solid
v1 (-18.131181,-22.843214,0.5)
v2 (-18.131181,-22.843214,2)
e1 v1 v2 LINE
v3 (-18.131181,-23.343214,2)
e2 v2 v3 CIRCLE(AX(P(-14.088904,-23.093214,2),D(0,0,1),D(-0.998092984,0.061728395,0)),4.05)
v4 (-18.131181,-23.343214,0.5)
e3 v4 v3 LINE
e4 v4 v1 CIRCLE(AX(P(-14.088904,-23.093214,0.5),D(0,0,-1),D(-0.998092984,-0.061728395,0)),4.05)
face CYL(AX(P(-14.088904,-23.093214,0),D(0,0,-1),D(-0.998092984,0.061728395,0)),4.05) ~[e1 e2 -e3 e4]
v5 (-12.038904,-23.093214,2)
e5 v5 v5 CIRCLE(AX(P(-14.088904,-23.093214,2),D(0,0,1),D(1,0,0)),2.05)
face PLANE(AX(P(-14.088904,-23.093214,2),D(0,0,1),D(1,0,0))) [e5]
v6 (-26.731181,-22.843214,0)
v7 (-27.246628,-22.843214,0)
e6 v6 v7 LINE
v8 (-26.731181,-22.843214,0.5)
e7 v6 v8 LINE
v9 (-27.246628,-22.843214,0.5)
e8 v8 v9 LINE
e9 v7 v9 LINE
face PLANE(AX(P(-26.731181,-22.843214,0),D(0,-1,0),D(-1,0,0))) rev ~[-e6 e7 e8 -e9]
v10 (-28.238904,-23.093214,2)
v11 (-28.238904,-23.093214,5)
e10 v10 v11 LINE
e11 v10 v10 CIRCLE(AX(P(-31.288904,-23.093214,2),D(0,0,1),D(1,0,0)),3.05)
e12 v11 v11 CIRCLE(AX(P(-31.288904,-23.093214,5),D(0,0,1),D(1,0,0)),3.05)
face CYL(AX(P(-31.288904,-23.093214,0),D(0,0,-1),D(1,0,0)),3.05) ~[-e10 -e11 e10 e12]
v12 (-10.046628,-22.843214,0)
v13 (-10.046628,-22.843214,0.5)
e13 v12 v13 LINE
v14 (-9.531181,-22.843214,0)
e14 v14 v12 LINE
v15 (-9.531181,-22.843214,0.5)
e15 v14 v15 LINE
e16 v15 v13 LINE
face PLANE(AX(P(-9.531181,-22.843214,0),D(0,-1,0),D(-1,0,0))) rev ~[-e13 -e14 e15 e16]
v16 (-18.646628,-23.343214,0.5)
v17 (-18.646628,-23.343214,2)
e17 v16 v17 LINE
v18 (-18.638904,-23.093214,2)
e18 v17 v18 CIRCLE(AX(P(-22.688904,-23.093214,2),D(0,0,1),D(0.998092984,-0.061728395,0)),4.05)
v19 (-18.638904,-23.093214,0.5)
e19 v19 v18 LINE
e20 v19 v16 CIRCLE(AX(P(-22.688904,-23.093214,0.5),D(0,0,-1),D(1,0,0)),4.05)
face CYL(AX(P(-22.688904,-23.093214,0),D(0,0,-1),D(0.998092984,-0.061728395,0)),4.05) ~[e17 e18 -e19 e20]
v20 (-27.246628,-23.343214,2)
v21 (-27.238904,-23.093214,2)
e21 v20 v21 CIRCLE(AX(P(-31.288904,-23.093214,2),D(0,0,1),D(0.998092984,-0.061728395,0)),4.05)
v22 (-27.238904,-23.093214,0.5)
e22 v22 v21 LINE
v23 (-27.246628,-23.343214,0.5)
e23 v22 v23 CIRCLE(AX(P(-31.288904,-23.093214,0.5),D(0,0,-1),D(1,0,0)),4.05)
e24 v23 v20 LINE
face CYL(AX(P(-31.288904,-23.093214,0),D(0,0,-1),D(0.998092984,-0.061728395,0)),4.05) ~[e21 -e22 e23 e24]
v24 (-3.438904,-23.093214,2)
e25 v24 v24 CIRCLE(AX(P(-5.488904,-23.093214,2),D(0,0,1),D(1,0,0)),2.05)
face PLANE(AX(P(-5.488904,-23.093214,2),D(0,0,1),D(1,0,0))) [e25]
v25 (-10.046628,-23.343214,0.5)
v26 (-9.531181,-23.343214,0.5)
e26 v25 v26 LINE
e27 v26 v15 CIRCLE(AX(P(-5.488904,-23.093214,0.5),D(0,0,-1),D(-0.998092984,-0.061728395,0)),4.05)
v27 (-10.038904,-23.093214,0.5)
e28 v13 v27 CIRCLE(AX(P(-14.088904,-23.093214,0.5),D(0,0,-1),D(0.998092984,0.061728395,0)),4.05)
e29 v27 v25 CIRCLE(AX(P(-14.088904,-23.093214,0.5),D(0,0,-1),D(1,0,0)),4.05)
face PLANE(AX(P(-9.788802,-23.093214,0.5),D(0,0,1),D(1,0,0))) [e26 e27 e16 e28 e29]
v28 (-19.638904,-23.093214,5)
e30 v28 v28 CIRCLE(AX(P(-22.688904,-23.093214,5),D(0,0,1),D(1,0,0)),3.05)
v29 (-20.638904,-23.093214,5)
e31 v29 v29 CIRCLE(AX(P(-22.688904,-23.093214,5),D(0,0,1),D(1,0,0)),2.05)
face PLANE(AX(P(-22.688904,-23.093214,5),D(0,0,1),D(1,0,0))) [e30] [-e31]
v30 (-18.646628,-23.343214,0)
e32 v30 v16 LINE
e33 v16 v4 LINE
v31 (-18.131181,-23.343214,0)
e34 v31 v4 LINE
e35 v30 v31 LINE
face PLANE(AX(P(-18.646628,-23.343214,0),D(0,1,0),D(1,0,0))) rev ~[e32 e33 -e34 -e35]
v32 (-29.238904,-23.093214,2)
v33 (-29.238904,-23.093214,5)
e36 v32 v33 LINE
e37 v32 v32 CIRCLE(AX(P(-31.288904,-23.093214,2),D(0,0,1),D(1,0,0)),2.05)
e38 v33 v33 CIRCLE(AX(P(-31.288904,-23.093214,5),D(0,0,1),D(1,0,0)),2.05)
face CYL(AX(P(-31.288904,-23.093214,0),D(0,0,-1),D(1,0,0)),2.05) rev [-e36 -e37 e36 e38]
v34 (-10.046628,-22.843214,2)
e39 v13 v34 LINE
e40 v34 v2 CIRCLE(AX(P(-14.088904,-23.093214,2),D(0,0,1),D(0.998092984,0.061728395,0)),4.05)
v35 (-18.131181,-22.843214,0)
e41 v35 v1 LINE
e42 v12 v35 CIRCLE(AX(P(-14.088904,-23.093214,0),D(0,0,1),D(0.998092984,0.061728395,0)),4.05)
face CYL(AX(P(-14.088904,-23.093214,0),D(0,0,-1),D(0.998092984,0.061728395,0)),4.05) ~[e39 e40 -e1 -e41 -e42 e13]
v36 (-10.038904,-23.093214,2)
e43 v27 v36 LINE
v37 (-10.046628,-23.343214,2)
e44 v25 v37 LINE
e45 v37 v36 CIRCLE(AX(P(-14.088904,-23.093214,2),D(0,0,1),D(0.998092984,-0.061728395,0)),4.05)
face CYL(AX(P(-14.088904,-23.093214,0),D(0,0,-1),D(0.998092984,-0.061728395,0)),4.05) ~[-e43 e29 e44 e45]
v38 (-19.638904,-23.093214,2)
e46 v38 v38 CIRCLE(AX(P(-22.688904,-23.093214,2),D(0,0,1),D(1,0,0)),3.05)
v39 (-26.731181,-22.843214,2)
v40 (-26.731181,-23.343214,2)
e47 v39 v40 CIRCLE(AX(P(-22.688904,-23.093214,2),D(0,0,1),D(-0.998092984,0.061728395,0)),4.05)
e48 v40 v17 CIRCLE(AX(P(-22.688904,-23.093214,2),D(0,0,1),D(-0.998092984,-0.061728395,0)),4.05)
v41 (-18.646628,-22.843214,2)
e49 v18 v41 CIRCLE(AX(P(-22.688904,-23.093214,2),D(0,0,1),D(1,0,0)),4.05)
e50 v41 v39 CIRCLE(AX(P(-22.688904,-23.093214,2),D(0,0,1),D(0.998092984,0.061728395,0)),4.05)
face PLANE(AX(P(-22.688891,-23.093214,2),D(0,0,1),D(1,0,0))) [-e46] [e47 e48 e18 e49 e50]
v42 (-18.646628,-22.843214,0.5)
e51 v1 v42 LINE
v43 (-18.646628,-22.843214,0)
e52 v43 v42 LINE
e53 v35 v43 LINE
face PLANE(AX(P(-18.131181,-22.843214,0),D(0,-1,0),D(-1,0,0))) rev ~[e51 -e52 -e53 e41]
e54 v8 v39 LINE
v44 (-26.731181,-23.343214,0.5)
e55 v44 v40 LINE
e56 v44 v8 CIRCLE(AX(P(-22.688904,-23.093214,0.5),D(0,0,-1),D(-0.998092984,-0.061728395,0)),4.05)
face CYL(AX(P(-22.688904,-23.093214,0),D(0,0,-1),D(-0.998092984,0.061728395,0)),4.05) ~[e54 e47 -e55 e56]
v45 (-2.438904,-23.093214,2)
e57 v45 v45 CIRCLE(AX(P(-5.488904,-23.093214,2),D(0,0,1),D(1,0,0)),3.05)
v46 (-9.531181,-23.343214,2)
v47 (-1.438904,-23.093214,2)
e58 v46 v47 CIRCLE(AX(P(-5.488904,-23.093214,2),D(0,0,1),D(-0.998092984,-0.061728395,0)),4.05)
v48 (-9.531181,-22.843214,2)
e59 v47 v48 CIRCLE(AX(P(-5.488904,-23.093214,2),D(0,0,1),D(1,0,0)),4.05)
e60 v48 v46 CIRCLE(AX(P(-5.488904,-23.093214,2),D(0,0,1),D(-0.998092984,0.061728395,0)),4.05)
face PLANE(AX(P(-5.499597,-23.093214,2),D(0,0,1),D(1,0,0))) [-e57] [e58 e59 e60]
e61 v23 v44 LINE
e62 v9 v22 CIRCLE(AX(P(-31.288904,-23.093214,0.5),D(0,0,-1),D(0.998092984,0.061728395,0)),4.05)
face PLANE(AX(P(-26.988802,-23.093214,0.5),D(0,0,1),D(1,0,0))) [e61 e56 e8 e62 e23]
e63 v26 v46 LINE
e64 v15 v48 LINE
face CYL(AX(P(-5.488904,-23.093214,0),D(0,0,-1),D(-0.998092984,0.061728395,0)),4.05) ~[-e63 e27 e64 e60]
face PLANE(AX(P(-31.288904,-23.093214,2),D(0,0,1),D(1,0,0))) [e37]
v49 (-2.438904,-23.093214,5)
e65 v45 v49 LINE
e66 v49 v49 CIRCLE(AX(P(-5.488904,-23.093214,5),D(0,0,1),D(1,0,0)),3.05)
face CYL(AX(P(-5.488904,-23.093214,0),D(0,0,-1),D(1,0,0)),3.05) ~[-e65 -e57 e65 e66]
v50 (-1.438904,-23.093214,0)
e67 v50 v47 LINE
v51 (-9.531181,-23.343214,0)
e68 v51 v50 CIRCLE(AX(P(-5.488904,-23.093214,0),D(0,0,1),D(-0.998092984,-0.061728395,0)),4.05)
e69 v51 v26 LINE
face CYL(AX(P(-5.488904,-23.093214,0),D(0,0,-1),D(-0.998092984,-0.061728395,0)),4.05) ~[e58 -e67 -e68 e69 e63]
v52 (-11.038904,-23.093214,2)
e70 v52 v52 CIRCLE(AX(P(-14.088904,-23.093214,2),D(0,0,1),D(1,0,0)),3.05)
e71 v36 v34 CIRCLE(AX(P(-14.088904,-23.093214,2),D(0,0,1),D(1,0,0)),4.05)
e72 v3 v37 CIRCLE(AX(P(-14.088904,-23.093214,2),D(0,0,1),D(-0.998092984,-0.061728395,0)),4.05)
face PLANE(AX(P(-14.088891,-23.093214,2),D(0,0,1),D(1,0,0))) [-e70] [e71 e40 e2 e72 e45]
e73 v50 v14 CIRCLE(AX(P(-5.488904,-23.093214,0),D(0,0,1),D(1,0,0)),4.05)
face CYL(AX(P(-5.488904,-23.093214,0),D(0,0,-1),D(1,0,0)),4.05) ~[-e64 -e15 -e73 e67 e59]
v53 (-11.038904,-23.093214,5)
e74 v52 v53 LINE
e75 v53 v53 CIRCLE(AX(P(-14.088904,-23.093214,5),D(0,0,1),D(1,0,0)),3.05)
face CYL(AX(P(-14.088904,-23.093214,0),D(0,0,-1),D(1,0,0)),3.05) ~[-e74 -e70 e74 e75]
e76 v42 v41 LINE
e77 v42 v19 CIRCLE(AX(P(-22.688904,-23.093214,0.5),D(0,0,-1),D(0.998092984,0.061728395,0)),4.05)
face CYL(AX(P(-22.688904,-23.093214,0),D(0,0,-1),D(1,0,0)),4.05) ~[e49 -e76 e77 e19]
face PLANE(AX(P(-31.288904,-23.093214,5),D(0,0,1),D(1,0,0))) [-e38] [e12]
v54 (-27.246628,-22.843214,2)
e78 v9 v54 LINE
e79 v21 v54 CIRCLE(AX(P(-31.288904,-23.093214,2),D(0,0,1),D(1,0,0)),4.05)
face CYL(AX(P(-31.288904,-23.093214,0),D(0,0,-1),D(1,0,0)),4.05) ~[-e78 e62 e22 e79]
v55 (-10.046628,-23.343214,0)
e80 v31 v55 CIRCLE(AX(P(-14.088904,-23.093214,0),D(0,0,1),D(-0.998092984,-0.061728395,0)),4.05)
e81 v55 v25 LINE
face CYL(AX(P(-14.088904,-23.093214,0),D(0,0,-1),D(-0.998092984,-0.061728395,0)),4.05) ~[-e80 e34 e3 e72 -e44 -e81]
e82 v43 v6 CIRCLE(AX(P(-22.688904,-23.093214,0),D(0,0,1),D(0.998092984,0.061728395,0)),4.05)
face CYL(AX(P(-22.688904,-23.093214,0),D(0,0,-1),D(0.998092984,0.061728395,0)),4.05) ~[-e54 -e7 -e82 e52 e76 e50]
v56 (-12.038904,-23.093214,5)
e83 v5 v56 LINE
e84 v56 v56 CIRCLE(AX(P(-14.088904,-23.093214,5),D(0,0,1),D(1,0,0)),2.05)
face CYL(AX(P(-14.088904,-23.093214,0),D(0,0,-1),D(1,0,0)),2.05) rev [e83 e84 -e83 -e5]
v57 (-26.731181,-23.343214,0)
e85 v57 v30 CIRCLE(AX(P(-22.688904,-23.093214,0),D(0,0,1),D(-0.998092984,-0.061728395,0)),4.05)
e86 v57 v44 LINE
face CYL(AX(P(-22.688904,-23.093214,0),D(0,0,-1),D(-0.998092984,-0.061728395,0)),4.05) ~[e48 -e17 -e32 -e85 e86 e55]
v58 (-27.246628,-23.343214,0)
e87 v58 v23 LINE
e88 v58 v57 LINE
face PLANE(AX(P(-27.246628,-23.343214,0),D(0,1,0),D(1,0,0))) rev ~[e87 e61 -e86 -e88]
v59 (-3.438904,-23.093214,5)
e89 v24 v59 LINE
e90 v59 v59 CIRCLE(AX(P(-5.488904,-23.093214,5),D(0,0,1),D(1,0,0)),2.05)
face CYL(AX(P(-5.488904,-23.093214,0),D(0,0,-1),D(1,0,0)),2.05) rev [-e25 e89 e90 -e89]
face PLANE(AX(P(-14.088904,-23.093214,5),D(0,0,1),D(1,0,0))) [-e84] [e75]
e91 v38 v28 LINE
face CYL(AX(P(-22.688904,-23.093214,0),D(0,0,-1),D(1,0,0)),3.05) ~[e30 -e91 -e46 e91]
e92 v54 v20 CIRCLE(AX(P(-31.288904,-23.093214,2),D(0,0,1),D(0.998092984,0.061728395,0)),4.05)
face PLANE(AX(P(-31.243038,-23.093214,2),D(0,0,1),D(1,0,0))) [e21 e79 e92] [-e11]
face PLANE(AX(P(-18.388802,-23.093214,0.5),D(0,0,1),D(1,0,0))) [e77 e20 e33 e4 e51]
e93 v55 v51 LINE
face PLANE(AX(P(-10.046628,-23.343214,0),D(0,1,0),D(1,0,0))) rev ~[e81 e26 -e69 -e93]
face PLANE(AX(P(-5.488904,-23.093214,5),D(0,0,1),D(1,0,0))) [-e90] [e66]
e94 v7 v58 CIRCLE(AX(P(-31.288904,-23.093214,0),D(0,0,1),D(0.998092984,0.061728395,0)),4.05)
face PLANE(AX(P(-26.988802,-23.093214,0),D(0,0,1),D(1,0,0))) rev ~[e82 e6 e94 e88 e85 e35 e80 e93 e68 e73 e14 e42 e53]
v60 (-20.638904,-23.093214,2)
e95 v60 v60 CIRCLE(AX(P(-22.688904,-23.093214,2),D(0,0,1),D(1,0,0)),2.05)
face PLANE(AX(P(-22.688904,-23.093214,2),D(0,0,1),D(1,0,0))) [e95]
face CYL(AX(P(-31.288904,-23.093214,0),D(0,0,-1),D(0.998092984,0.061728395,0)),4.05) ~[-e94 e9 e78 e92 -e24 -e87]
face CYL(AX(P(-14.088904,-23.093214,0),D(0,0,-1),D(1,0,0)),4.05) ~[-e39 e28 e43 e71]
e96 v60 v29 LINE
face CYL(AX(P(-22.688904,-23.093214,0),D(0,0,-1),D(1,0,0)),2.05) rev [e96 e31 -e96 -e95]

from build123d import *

# Parameters (mm, degrees)
F0_R     = 3.05
F0_R_2   = 2.05
F1_DEPTH = 5
F2_DEPTH = 2
F3_DEPTH = 0.5


with BuildPart() as f1:
    # F0 (on Top) → F1 (new body)
    with BuildSketch(Plane.XY):
        with Locations((-31.2889043277, -23.0932135019)):
            Circle(F0_R)
        with Locations((-31.2889043277, -23.0932135019)):
            Circle(F0_R_2, mode=Mode.SUBTRACT)
    extrude(amount=F1_DEPTH)

    # F0 (on Top) → F2 (join)
    with BuildSketch(Plane.XY):
        with BuildLine():
            ThreePointArc((-27.2466277414, -23.3432135019), (-27.2408356416, -23.2182731388), (-27.2389043277, -23.0932135019))
            ThreePointArc((-27.2389043277, -23.0932135019), (-27.2408356416, -22.9681538651), (-27.2466277414, -22.8432135019))
            ThreePointArc((-27.2466277414, -22.8432135019), (-35.3389043277, -23.0932135019), (-27.2466277414, -23.3432135019))
        make_face()
        with Locations((-31.2889043277, -23.0932135019)):
            Circle(F0_R, mode=Mode.SUBTRACT)
        with Locations((-31.2889043277, -23.0932135019)):
            Circle(F0_R_2)
    extrude(amount=F2_DEPTH)



with BuildPart() as f1b:
    # F0 (on Top) → F1, piece 2 (new body)
    with BuildSketch(Plane.XY):
        with Locations((-22.6889043277, -23.0932135019)):
            Circle(F0_R)
        with Locations((-22.6889043277, -23.0932135019)):
            Circle(F0_R_2, mode=Mode.SUBTRACT)
    extrude(amount=F1_DEPTH)

    # F0 (on Top) → F2, piece 2 (join)
    with BuildSketch(Plane.XY):
        with BuildLine():
            ThreePointArc((-18.6466277414, -22.8432135019), (-22.6889043277, -19.0432135019), (-26.731180914, -22.8432135019))
            ThreePointArc((-26.731180914, -22.8432135019), (-26.7389043277, -23.0932135019), (-26.731180914, -23.3432135019))
            ThreePointArc((-26.731180914, -23.3432135019), (-22.6889043277, -27.1432135019), (-18.6466277414, -23.3432135019))
            ThreePointArc((-18.6466277414, -23.3432135019), (-18.6408356416, -23.2182731388), (-18.6389043277, -23.0932135019))
            ThreePointArc((-18.6389043277, -23.0932135019), (-18.6408356416, -22.9681538651), (-18.6466277414, -22.8432135019))
        make_face()
        with Locations((-22.6889043277, -23.0932135019)):
            Circle(F0_R, mode=Mode.SUBTRACT)
        with Locations((-22.6889043277, -23.0932135019)):
            Circle(F0_R_2)
    extrude(amount=F2_DEPTH)


with BuildPart() as f1c:
    # F0 (on Top) → F1, piece 3 (new body)
    with BuildSketch(Plane.XY):
        with Locations((-14.0889043277, -23.0932135019)):
            Circle(F0_R)
        with Locations((-14.0889043277, -23.0932135019)):
            Circle(F0_R_2, mode=Mode.SUBTRACT)
    extrude(amount=F1_DEPTH)

    # F0 (on Top) → F2, piece 3 (join)
    with BuildSketch(Plane.XY):
        with BuildLine():
            ThreePointArc((-10.0466277414, -22.8432135019), (-14.0889043277, -19.0432135019), (-18.131180914, -22.8432135019))
            ThreePointArc((-18.131180914, -22.8432135019), (-18.1389043277, -23.0932135019), (-18.131180914, -23.3432135019))
            ThreePointArc((-18.131180914, -23.3432135019), (-14.0889043277, -27.1432135019), (-10.0466277414, -23.3432135019))
            ThreePointArc((-10.0466277414, -23.3432135019), (-10.0408356416, -23.2182731388), (-10.0389043277, -23.0932135019))
            ThreePointArc((-10.0389043277, -23.0932135019), (-10.0408356416, -22.9681538651), (-10.0466277414, -22.8432135019))
        make_face()
        with Locations((-14.0889043277, -23.0932135019)):
            Circle(F0_R, mode=Mode.SUBTRACT)
        with Locations((-14.0889043277, -23.0932135019)):
            Circle(F0_R_2)
    extrude(amount=F2_DEPTH)


with BuildPart() as f1d:
    # F0 (on Top) → F1, piece 4 (new body)
    with BuildSketch(Plane.XY):
        with Locations((-5.4889043277, -23.0932135019)):
            Circle(F0_R)
        with Locations((-5.4889043277, -23.0932135019)):
            Circle(F0_R_2, mode=Mode.SUBTRACT)
    extrude(amount=F1_DEPTH)

    # F0 (on Top) → F2, piece 4 (join)
    with BuildSketch(Plane.XY):
        with BuildLine():
            ThreePointArc((-1.4389043277, -23.0932135019), (-5.3638446908, -19.0451448159), (-9.531180914, -22.8432135019))
            ThreePointArc((-9.531180914, -22.8432135019), (-9.5389043277, -23.0932135019), (-9.531180914, -23.3432135019))
            ThreePointArc((-9.531180914, -23.3432135019), (-5.3638446908, -27.141282188), (-1.4389043277, -23.0932135019))
        make_face()
        with Locations((-5.4889043277, -23.0932135019)):
            Circle(F0_R, mode=Mode.SUBTRACT)
        with Locations((-5.4889043277, -23.0932135019)):
            Circle(F0_R_2)
    extrude(amount=F2_DEPTH)


with BuildPart() as f1_1:
    add(f1.part)

    add(f1b.part)  # F3 merges F1b

    add(f1c.part)  # F3 merges F1c

    add(f1d.part)  # F3 merges F1d
    # F0 (on Top) → F3 (join)
    with BuildSketch(Plane.XY):
        with BuildLine():
            ThreePointArc((-27.2466277414, -22.8432135019), (-27.2408356416, -22.9681538651), (-27.2389043277, -23.0932135019))
            ThreePointArc((-27.2389043277, -23.0932135019), (-27.2408356416, -23.2182731388), (-27.2466277414, -23.3432135019))
            Line((-27.2466277414, -23.3432135019), (-26.731180914, -23.3432135019))
            ThreePointArc((-26.731180914, -23.3432135019), (-26.7389043277, -23.0932135019), (-26.731180914, -22.8432135019))
            Line((-26.731180914, -22.8432135019), (-27.2466277414, -22.8432135019))
        make_face()
        with BuildLine():
            Line((-18.131180914, -22.8432135019), (-18.6466277414, -22.8432135019))
            ThreePointArc((-18.6466277414, -22.8432135019), (-18.6408356416, -22.9681538651), (-18.6389043277, -23.0932135019))
            ThreePointArc((-18.6389043277, -23.0932135019), (-18.6408356416, -23.2182731388), (-18.6466277414, -23.3432135019))
            Line((-18.6466277414, -23.3432135019), (-18.131180914, -23.3432135019))
            ThreePointArc((-18.131180914, -23.3432135019), (-18.1389043277, -23.0932135019), (-18.131180914, -22.8432135019))
        make_face()
        with BuildLine():
            Line((-9.531180914, -22.8432135019), (-10.0466277414, -22.8432135019))
            ThreePointArc((-10.0466277414, -22.8432135019), (-10.0408356416, -22.9681538651), (-10.0389043277, -23.0932135019))
            ThreePointArc((-10.0389043277, -23.0932135019), (-10.0408356416, -23.2182731388), (-10.0466277414, -23.3432135019))
            Line((-10.0466277414, -23.3432135019), (-9.531180914, -23.3432135019))
            ThreePointArc((-9.531180914, -23.3432135019), (-9.5389043277, -23.0932135019), (-9.531180914, -22.8432135019))
        make_face()
    extrude(amount=F3_DEPTH)


solid = f1_1.part
